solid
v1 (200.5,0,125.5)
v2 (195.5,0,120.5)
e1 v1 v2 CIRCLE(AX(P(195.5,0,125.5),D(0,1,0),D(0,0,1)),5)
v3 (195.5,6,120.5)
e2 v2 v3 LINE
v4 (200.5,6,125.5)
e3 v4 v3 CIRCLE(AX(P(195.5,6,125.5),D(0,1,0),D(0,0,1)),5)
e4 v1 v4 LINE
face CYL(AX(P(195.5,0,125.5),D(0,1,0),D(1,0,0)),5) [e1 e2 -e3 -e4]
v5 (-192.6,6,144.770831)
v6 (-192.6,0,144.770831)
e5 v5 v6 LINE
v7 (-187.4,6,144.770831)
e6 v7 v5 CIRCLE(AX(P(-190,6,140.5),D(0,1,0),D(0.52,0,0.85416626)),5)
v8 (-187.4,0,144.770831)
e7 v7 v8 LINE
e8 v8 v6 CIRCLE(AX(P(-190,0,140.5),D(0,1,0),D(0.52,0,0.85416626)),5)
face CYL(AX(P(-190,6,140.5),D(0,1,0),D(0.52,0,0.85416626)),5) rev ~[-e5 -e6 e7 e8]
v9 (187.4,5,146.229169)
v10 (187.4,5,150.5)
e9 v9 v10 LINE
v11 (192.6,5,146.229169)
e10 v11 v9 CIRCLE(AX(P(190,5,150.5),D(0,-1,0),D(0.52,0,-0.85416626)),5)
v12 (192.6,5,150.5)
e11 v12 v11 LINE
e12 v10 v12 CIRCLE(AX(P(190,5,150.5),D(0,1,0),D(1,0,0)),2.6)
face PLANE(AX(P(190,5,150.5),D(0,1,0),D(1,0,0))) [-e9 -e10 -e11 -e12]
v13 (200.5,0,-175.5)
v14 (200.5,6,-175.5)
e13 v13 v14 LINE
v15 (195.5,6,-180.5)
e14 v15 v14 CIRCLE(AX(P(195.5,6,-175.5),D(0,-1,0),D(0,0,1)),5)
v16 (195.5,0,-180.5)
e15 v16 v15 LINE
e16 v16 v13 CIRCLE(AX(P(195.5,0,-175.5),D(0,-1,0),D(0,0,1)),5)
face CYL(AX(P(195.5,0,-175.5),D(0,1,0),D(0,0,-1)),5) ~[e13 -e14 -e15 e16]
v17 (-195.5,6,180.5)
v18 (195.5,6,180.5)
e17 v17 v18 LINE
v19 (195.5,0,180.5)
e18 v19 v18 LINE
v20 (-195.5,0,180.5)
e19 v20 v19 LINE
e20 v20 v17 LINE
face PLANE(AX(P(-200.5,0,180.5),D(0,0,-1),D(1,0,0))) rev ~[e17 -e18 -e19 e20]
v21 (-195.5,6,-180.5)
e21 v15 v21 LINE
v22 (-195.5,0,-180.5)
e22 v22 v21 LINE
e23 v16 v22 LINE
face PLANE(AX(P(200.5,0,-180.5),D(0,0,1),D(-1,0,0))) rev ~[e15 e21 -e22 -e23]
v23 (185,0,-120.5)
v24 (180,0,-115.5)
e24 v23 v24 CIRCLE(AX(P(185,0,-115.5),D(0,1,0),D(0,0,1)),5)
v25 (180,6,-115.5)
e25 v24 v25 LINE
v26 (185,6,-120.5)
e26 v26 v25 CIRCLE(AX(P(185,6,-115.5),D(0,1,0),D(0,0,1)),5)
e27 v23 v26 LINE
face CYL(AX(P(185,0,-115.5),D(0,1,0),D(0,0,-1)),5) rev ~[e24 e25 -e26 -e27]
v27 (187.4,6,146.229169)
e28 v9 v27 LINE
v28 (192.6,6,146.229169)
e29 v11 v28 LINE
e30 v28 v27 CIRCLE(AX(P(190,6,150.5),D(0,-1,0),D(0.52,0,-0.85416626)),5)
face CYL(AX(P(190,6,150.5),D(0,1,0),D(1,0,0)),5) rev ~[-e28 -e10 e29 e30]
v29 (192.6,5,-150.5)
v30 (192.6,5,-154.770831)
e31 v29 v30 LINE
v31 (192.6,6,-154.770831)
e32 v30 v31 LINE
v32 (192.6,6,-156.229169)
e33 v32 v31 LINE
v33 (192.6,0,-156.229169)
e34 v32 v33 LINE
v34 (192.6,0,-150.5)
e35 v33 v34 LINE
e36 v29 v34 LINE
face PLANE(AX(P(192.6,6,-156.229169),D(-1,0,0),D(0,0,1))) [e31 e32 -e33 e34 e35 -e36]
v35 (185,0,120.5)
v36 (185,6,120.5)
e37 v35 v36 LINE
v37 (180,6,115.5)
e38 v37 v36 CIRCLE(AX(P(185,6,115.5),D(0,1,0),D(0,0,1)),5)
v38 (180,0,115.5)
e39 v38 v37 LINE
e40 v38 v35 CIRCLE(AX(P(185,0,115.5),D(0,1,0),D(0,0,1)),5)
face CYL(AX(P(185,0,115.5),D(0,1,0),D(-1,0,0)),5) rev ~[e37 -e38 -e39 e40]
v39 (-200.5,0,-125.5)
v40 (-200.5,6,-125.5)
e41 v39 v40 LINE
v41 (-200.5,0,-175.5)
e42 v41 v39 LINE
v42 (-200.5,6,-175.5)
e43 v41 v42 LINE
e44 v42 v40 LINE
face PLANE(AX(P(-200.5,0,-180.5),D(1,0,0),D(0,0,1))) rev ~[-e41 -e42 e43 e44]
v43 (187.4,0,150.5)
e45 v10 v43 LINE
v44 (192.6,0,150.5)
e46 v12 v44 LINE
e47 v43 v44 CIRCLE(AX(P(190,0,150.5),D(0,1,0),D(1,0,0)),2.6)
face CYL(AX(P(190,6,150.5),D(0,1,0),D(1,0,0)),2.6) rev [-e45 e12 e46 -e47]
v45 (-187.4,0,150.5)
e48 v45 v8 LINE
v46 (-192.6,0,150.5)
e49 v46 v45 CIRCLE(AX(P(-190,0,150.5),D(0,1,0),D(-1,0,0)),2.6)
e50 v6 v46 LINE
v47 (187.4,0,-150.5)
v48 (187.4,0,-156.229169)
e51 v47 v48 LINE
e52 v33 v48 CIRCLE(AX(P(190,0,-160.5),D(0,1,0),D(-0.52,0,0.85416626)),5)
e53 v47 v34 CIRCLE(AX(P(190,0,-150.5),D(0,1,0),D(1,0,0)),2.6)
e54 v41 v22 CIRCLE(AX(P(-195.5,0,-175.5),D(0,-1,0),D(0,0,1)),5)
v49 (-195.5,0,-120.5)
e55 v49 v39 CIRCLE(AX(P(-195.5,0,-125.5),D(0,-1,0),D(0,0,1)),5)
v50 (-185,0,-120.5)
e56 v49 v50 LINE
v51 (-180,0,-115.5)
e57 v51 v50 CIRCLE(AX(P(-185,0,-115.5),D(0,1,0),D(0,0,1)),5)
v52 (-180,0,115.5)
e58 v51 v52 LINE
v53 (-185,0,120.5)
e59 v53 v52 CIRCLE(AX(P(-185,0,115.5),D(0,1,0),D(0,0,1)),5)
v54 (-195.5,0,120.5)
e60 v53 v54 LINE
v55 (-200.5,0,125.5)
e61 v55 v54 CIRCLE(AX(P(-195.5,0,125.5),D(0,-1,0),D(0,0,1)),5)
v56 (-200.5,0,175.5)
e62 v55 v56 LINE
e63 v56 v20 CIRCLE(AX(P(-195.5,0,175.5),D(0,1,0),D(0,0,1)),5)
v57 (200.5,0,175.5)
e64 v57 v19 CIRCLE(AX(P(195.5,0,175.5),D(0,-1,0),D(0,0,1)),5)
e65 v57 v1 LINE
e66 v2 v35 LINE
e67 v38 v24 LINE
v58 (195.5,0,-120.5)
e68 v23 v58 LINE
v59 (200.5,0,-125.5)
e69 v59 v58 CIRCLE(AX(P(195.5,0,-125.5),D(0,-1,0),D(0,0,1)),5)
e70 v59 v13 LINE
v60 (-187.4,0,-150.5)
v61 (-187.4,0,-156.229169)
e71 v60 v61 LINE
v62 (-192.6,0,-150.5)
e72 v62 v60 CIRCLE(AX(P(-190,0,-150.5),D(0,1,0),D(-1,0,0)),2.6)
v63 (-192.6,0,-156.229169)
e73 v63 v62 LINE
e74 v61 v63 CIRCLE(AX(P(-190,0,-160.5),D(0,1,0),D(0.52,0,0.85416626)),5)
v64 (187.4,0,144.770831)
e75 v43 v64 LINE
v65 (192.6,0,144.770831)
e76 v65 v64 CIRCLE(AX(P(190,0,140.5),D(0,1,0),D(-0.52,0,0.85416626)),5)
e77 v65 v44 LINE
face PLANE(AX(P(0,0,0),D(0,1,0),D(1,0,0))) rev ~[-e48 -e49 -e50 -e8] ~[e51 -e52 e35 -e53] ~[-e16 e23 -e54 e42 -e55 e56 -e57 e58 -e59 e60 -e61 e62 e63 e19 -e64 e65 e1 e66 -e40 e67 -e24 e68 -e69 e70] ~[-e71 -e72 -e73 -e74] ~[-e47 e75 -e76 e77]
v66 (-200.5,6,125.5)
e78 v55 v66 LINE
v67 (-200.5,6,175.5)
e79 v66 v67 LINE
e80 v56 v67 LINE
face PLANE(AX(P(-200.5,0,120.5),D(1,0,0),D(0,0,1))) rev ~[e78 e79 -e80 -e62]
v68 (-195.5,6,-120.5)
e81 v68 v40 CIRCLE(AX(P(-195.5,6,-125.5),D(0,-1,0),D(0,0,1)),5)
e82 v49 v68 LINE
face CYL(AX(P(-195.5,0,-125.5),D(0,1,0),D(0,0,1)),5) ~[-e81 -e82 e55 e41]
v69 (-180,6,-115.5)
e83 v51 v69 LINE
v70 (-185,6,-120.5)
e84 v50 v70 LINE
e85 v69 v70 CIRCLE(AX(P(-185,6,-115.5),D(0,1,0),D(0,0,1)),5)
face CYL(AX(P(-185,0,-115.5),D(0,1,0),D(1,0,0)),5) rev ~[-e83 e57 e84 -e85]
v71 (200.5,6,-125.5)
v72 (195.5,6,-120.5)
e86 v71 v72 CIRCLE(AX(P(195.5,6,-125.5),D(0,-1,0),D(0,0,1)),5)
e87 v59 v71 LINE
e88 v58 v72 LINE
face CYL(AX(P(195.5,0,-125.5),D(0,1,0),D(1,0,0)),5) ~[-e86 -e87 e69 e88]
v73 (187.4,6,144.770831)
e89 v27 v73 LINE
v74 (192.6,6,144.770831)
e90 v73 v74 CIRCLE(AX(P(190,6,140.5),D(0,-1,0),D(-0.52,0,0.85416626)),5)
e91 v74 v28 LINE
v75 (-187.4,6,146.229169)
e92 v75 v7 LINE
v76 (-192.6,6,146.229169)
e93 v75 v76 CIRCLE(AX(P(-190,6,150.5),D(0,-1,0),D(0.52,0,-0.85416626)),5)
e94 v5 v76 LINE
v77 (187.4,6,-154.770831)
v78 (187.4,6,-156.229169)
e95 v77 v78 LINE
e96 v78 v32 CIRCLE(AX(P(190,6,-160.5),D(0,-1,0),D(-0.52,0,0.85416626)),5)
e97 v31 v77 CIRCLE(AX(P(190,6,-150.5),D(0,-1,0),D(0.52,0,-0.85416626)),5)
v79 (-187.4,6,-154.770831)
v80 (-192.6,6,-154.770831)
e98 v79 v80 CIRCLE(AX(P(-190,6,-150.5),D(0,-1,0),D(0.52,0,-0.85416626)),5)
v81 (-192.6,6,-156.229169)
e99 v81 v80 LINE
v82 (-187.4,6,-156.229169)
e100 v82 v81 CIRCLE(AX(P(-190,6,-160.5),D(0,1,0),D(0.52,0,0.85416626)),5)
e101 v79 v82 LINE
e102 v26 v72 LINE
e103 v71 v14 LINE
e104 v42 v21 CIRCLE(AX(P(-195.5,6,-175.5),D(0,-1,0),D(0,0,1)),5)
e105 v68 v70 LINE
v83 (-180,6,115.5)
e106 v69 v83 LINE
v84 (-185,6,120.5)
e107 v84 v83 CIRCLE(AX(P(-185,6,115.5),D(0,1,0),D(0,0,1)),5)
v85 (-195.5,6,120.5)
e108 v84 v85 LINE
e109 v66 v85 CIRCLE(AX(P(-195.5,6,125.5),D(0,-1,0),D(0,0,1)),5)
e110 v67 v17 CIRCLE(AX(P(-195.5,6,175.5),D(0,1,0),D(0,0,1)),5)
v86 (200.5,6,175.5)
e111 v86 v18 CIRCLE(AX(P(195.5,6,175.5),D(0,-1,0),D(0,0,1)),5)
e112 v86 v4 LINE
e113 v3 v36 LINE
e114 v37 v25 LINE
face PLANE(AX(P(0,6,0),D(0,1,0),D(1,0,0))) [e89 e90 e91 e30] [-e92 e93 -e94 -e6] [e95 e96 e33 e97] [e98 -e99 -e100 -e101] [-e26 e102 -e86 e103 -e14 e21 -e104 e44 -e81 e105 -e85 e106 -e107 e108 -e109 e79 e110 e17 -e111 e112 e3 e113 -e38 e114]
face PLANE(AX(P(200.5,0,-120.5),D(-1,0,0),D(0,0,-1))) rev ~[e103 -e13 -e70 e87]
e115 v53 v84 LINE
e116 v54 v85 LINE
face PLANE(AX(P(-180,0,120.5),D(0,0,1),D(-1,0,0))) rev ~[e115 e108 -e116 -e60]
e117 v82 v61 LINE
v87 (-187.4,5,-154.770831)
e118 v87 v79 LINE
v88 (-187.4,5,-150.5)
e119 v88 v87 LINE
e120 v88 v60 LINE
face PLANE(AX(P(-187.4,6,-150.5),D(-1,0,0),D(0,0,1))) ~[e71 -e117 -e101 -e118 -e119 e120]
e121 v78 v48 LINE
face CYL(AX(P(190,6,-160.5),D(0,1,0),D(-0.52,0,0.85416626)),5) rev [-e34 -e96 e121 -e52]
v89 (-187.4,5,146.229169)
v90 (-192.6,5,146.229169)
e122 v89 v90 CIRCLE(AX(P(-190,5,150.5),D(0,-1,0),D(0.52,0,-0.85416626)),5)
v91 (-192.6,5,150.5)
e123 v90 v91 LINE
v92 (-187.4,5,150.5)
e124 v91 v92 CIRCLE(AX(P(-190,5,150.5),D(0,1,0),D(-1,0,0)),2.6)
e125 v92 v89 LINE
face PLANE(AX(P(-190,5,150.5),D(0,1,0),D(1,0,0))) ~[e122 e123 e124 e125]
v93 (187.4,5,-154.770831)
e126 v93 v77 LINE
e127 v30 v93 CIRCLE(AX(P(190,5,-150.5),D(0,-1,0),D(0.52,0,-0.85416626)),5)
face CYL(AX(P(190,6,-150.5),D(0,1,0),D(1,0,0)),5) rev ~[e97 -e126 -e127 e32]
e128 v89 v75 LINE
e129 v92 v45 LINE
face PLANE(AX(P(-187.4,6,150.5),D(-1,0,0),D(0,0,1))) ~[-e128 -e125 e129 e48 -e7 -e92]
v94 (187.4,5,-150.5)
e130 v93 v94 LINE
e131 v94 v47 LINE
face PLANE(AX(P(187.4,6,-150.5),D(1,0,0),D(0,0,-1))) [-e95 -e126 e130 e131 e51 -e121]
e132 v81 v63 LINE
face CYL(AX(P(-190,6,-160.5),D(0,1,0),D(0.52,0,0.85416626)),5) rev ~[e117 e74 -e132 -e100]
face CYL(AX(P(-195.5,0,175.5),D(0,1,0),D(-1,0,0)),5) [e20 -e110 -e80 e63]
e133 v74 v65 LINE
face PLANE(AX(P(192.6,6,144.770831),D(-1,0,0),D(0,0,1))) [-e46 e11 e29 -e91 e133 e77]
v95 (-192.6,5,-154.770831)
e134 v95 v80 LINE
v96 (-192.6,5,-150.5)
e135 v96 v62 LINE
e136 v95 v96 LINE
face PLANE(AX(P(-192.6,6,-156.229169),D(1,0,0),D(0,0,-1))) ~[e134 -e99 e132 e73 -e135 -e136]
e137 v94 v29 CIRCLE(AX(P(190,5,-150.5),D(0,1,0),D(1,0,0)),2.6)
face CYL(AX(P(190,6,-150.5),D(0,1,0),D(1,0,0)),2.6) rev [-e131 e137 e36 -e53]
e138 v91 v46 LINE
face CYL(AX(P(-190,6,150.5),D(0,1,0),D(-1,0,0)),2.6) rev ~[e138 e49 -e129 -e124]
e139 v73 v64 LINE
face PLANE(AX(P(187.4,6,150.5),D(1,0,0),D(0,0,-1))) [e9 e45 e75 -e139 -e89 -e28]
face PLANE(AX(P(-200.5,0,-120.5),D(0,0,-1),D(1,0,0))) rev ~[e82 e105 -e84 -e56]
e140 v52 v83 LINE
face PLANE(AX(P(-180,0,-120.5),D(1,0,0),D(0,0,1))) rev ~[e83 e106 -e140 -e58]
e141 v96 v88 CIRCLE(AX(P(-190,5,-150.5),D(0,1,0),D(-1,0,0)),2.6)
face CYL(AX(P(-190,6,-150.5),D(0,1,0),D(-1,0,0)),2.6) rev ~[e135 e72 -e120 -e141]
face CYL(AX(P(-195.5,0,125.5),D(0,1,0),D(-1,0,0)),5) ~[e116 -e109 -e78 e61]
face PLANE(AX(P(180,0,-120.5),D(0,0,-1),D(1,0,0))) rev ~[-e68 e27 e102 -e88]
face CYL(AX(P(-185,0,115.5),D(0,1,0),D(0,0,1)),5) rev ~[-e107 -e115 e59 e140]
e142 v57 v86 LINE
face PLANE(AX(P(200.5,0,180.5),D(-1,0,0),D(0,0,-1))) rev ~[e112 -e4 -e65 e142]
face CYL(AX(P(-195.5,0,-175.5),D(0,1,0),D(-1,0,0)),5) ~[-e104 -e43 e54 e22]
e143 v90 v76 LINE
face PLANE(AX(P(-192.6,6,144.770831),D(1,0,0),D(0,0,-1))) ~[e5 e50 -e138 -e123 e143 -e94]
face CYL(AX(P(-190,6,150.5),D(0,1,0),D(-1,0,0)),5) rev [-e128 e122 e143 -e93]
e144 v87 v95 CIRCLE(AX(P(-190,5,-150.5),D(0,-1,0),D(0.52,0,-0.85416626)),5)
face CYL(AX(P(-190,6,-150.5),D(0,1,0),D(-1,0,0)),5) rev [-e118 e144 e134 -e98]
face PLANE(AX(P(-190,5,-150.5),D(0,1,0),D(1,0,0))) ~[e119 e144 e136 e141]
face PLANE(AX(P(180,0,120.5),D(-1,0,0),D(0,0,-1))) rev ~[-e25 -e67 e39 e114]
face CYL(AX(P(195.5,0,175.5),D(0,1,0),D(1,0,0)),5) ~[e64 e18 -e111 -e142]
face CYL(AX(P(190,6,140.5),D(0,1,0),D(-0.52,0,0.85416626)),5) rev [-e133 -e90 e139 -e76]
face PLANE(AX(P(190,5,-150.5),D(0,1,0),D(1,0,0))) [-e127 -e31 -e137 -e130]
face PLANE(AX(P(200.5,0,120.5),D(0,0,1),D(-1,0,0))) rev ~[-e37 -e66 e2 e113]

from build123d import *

# Parameters (mm, degrees)
BOSS_EXTRUDE1_DEPTH = 6
CUT_EXTRUDE1_DEPTH  = 270.845326067
SKETCH3_R           = 5
CUT_EXTRUDE2_DEPTH  = 1
FILLET1_R           = 5


with BuildPart() as part:
    # Sketch1 → Boss-Extrude1 (new body)
    with BuildSketch(Plane(origin=(0, 0, 0), x_dir=(1, 0, 0), z_dir=(0, 1, 0))):
        Polygon((0, -180.5), (200.5, -180.5), (200.5, -120.5), (180, -120.5), (180, 0), (180, 120.5), (200.5, 120.5), (200.5, 180.5), (0, 180.5), (-200.5, 180.5), (-200.5, 120.5), (-180, 120.5), (-180, 0), (-180, -120.5), (-200.5, -120.5), (-200.5, -180.5), align=None)
    extrude(amount=BOSS_EXTRUDE1_DEPTH)

    # Sketch2 → Cut-Extrude1 (cut, through all)
    with BuildSketch(Plane(origin=(0, 6, 0), x_dir=(1, 0, 0), z_dir=(0, 1, 0))):
        with BuildLine():
            Line((187.4, -150.5), (187.4, -144.770831301))
            ThreePointArc((187.4, -144.770831301), (190, -135.5), (192.6, -144.770831301))
            Line((192.6, -144.770831301), (192.6, -150.5))
            ThreePointArc((192.6, -150.5), (190, -153.1), (187.4, -150.5))
        make_face()
        with BuildLine():
            Line((187.4, 150.5), (187.4, 156.229168699))
            ThreePointArc((187.4, 156.229168699), (190, 165.5), (192.6, 156.229168699))
            Line((192.6, 156.229168699), (192.6, 150.5))
            ThreePointArc((192.6, 150.5), (190, 147.9), (187.4, 150.5))
        make_face()
    cut_extrude1 = extrude(amount=-CUT_EXTRUDE1_DEPTH, mode=Mode.SUBTRACT)

    # Sketch3 → Cut-Extrude2 (cut)
    with BuildSketch(Plane(origin=(0, 6, 0), x_dir=(1, 0, 0), z_dir=(0, 1, 0))):
        with Locations((190, 150.5)):
            Circle(SKETCH3_R)
        with Locations((190, -150.5)):
            Circle(SKETCH3_R)
    cut_extrude2 = extrude(amount=-CUT_EXTRUDE2_DEPTH, mode=Mode.SUBTRACT)

    # Mirror1: Cut-Extrude1, Cut-Extrude2 across plane
    add(cut_extrude1.mirror(Plane(origin=(0, 0, 0), x_dir=(0, 0, 1), z_dir=(1, 0, 0))), mode=Mode.SUBTRACT)
    add(cut_extrude2.mirror(Plane(origin=(0, 0, 0), x_dir=(0, 0, 1), z_dir=(1, 0, 0))), mode=Mode.SUBTRACT)

    # Fillet1
    fillet1_edges = [part.edges().sort_by_distance(p)[0] for p in [
        (-200.5, 3, 180.5),
        (-200.5, 3, 120.5),
        (-180, 3, 120.5),
        (-180, 3, -120.5),
        (-200.5, 3, -120.5),
        (-200.5, 3, -180.5),
        (200.5, 3, -180.5),
        (200.5, 3, -120.5),
        (180, 3, -120.5),
        (180, 3, 120.5),
        (200.5, 3, 120.5),
        (200.5, 3, 180.5),
    ]]
    fillet(fillet1_edges, radius=FILLET1_R)


solid = part.part
